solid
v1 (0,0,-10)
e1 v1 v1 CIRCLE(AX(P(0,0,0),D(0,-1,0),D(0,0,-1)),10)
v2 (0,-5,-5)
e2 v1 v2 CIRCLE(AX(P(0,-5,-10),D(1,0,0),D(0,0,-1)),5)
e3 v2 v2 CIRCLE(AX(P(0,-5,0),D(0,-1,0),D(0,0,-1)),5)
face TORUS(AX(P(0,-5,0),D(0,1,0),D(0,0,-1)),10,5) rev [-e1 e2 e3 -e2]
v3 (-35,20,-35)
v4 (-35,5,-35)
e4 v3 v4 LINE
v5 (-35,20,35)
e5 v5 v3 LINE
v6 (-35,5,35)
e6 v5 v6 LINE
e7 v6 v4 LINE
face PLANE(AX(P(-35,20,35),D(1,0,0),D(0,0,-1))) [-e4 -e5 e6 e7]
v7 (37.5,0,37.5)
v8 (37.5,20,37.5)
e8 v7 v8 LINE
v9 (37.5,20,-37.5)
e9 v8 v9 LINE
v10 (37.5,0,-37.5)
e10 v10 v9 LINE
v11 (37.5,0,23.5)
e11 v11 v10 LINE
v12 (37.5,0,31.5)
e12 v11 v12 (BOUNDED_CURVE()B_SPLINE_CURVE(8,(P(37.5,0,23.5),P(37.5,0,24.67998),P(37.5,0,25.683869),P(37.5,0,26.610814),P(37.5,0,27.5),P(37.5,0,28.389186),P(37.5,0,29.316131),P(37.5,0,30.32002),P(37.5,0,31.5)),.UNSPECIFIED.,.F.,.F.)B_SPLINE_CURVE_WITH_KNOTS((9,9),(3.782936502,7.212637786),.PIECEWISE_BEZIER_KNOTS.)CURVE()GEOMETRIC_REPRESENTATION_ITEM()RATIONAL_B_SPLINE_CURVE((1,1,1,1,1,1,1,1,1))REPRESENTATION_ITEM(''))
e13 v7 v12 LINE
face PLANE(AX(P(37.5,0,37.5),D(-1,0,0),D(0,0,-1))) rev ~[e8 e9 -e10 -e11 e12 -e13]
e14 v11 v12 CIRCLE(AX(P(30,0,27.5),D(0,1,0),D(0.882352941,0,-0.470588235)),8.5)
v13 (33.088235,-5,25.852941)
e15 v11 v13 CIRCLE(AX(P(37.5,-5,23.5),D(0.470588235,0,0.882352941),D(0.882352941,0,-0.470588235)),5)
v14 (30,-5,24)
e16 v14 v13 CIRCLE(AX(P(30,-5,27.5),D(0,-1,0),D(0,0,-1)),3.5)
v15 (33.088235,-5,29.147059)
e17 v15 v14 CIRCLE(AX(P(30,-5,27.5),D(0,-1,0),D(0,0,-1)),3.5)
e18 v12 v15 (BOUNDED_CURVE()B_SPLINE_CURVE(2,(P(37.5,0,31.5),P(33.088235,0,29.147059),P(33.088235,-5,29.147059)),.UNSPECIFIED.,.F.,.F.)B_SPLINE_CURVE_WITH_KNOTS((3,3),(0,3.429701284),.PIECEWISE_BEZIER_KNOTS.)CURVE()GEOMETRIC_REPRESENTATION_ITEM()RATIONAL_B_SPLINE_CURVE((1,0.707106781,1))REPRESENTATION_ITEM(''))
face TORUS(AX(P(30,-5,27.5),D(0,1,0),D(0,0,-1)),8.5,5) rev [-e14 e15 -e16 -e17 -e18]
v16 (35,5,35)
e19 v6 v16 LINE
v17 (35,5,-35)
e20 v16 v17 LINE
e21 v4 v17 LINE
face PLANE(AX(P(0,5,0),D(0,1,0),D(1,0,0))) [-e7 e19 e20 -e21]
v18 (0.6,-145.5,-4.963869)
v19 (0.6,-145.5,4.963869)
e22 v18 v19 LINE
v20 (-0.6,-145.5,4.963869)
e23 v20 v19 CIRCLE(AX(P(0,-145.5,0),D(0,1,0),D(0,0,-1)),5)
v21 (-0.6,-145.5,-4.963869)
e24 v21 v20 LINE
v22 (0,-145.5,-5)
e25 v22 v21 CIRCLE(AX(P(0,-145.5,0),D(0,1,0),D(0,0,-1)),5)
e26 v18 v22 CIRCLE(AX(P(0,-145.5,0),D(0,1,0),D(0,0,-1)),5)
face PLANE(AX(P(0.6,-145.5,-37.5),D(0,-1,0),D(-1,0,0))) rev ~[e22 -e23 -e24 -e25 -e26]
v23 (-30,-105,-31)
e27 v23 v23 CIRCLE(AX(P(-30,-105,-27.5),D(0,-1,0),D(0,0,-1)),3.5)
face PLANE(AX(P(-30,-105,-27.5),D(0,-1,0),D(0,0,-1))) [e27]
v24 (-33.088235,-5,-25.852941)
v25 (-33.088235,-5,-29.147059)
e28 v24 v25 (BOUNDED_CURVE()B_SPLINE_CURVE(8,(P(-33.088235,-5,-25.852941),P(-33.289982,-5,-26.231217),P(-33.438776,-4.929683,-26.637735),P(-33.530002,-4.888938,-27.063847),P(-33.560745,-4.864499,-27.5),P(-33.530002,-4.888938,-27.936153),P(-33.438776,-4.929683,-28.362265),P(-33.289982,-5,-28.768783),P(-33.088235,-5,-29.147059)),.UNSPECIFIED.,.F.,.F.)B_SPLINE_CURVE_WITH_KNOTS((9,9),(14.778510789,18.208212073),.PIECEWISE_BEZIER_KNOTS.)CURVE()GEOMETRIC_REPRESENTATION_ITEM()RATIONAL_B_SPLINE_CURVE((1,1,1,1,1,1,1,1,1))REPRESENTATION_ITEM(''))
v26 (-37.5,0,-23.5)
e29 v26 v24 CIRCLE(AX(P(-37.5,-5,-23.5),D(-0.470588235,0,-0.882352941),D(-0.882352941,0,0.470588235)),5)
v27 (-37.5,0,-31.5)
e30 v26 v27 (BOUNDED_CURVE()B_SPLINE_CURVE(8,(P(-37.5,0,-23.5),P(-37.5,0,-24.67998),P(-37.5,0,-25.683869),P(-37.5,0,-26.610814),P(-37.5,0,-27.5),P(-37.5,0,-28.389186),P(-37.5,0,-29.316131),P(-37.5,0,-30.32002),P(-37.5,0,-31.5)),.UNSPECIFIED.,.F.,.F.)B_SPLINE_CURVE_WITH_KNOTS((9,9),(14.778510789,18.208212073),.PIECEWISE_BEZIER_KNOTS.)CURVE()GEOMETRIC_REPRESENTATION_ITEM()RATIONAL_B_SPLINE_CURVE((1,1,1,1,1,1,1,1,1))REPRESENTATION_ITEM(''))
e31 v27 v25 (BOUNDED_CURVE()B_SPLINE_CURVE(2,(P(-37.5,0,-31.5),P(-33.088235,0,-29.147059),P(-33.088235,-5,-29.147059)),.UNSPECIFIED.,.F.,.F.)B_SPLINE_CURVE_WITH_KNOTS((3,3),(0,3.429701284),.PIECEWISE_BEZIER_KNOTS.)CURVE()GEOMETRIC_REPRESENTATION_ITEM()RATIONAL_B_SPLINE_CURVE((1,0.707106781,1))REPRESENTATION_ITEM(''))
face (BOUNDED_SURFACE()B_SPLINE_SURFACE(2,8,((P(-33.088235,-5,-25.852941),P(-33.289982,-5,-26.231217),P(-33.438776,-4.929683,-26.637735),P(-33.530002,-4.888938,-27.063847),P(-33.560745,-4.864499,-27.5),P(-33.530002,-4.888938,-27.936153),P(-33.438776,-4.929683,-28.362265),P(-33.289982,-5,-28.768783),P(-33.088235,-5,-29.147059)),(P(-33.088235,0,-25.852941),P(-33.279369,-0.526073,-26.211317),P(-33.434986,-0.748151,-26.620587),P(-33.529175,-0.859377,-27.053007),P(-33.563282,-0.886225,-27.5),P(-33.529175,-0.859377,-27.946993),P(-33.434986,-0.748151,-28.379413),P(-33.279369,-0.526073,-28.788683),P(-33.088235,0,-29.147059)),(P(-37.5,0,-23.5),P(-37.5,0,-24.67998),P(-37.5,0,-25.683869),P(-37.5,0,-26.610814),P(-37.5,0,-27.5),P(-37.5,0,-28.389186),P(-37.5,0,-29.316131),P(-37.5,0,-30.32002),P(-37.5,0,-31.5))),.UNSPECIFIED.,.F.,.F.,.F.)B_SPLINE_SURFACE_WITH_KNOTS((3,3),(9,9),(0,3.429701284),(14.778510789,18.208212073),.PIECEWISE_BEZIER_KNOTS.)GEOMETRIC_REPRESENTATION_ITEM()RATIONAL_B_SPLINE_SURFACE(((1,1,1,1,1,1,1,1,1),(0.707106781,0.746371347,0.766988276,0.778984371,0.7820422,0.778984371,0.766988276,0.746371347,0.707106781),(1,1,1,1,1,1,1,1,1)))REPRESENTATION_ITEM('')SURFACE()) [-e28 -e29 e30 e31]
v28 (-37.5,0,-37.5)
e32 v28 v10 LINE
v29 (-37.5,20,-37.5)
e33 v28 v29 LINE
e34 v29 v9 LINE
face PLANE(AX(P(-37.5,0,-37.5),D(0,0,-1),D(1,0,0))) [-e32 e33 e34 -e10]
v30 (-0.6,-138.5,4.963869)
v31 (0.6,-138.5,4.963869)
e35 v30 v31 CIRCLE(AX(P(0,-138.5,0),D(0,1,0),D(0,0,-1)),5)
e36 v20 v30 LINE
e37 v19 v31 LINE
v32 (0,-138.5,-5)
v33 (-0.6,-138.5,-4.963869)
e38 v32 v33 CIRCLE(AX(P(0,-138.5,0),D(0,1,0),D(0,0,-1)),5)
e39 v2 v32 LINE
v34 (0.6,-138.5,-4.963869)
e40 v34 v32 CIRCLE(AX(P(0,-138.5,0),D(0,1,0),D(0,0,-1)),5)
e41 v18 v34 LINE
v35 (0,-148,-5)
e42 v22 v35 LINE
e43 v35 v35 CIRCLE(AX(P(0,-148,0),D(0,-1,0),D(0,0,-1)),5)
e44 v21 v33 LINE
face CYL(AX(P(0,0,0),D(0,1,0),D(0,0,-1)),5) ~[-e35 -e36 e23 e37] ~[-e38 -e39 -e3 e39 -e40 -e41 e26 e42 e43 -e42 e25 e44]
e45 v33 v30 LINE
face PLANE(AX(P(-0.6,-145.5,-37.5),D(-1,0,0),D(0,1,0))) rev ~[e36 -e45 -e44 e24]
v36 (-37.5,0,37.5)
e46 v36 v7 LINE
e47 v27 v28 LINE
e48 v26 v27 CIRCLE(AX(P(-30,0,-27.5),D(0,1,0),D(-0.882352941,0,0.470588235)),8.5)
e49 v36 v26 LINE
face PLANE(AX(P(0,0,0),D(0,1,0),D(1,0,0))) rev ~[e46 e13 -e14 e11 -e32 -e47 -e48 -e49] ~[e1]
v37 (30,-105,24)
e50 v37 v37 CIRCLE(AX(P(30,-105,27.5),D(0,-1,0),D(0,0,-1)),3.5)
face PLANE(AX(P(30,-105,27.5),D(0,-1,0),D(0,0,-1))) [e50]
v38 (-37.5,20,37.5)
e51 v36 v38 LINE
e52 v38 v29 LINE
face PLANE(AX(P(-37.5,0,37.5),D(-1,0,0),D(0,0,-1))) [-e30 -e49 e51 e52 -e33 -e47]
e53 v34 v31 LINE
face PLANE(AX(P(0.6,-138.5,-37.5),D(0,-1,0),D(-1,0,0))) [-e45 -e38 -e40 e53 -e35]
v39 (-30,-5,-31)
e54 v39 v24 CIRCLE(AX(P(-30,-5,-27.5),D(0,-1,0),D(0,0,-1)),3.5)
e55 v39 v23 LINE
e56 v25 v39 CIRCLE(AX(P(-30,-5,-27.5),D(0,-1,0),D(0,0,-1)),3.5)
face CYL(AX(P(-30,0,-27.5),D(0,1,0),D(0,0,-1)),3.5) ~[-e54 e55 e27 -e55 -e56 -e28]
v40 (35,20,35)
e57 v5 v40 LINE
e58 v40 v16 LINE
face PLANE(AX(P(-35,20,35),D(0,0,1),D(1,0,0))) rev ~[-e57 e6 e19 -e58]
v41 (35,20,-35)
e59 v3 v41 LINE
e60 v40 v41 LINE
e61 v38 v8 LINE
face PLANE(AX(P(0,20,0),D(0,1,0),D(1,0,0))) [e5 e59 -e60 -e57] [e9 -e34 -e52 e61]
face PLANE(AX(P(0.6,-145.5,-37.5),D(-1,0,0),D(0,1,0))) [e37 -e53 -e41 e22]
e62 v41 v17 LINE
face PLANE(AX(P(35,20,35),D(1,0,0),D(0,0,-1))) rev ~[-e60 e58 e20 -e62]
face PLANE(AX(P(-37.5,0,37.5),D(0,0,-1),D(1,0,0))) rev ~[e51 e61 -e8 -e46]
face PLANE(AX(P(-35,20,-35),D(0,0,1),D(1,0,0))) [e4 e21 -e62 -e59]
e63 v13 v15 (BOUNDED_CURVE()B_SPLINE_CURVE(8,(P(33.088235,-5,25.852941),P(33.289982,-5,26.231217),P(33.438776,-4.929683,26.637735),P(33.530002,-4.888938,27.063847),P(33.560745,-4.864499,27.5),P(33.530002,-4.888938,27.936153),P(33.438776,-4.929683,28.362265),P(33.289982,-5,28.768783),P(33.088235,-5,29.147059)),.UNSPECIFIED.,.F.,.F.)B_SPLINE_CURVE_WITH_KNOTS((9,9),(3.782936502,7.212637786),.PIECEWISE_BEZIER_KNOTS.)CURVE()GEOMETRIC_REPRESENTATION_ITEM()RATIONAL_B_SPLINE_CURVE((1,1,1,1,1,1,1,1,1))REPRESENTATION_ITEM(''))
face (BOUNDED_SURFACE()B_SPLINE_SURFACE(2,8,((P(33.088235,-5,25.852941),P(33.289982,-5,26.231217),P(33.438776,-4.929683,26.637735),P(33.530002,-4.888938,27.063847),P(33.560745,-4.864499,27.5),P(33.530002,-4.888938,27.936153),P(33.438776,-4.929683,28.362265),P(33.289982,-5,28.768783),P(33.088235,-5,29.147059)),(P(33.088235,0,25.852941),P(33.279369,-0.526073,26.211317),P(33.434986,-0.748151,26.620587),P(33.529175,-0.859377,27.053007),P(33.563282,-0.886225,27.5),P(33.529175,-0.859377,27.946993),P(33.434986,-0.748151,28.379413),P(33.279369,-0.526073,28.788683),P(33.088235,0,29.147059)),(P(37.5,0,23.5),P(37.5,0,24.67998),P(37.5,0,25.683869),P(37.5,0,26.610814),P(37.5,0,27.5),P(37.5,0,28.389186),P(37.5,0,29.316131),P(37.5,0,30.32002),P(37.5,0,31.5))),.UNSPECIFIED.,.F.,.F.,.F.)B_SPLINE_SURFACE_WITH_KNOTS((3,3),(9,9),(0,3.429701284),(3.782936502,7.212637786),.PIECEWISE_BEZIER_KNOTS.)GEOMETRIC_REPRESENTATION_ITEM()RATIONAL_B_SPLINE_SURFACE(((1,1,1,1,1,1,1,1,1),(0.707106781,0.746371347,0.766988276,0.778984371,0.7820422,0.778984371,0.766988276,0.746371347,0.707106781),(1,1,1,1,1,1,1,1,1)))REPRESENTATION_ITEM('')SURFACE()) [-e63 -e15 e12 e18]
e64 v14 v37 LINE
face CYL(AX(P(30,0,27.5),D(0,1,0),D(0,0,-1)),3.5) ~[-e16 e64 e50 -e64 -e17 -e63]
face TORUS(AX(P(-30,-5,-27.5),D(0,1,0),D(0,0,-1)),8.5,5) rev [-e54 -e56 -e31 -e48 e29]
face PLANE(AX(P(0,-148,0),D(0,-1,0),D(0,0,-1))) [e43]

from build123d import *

# Parameters (mm, degrees)
ESBO_O1_W                = 75
ESBO_O1_H                = 75
RESSALTO_EXTRUS_O1_DEPTH = 20
ESBO_O2_W                = 70
ESBO_O2_H                = 70
CORTE_EXTRUS_O1_DEPTH    = 15
ESBO_O3_R                = 5
RESSALTO_EXTRUS_O2_DEPTH = 148
ESBO_O5_W                = 1.2
ESBO_O5_H                = 7
CORTE_EXTRUS_O2_DEPTH    = 70
ESBO_O7_R                = 3.5
RESSALTO_EXTRUS_O3_DEPTH = 105
FILETE2_R                = 5
FILETE3_R                = 5
FILETE4_R                = 5


with BuildPart() as part:
    # Esboço1 → Ressalto-extrusão1 (new body)
    with BuildSketch(Plane(origin=(0, 0, 0), x_dir=(1, 0, 0), z_dir=(0, 1, 0))):
        Rectangle(ESBO_O1_W, ESBO_O1_H)
    extrude(amount=RESSALTO_EXTRUS_O1_DEPTH)

    # Esboço2 → Corte-extrusão1 (cut)
    with BuildSketch(Plane(origin=(0, 20, 0), x_dir=(1, 0, 0), z_dir=(0, 1, 0))):
        Rectangle(ESBO_O2_W, ESBO_O2_H)
    extrude(amount=-CORTE_EXTRUS_O1_DEPTH, mode=Mode.SUBTRACT)

    # Esboço3 → Ressalto-extrusão2 (add)
    with BuildSketch(Plane(origin=(0, 0, 0), x_dir=(-1, 0, 0), z_dir=(0, -1, 0))):
        with Locations(Location((0, 0, 0), (0, 0, 90))):
            Circle(ESBO_O3_R)
    extrude(amount=RESSALTO_EXTRUS_O2_DEPTH)

    # Esboço5 → Corte-extrusão2 (cut)
    with BuildSketch(Plane(origin=(0, 0, -37.5), x_dir=(-1, 0, 0), z_dir=(0, 0, -1))):
        with Locations((0, -142)):
            Rectangle(ESBO_O5_W, ESBO_O5_H)
    extrude(amount=-CORTE_EXTRUS_O2_DEPTH, mode=Mode.SUBTRACT)

    # Esboço7 → Ressalto-extrusão3 (add)
    with BuildSketch(Plane.XZ):
        with Locations(Location((30, 27.5, 0), (0, 0, 270))):
            Circle(ESBO_O7_R)
        with Locations(Location((-30, -27.5, 0), (0, 0, 270))):
            Circle(ESBO_O7_R)
    extrude(amount=RESSALTO_EXTRUS_O3_DEPTH)

    # Filete2
    filete2_edges = [part.edges().sort_by_distance(p)[0] for p in [
        (-30, 0, -24),
    ]]
    fillet(filete2_edges, radius=FILETE2_R)

    # Filete3
    filete3_edges = [part.edges().sort_by_distance(p)[0] for p in [
        (30, 0, 31),
    ]]
    fillet(filete3_edges, radius=FILETE3_R)

    # Filete4
    filete4_edges = [part.edges().sort_by_distance(p)[0] for p in [
        (0, 0, 5),
    ]]
    fillet(filete4_edges, radius=FILETE4_R)


solid = part.part
